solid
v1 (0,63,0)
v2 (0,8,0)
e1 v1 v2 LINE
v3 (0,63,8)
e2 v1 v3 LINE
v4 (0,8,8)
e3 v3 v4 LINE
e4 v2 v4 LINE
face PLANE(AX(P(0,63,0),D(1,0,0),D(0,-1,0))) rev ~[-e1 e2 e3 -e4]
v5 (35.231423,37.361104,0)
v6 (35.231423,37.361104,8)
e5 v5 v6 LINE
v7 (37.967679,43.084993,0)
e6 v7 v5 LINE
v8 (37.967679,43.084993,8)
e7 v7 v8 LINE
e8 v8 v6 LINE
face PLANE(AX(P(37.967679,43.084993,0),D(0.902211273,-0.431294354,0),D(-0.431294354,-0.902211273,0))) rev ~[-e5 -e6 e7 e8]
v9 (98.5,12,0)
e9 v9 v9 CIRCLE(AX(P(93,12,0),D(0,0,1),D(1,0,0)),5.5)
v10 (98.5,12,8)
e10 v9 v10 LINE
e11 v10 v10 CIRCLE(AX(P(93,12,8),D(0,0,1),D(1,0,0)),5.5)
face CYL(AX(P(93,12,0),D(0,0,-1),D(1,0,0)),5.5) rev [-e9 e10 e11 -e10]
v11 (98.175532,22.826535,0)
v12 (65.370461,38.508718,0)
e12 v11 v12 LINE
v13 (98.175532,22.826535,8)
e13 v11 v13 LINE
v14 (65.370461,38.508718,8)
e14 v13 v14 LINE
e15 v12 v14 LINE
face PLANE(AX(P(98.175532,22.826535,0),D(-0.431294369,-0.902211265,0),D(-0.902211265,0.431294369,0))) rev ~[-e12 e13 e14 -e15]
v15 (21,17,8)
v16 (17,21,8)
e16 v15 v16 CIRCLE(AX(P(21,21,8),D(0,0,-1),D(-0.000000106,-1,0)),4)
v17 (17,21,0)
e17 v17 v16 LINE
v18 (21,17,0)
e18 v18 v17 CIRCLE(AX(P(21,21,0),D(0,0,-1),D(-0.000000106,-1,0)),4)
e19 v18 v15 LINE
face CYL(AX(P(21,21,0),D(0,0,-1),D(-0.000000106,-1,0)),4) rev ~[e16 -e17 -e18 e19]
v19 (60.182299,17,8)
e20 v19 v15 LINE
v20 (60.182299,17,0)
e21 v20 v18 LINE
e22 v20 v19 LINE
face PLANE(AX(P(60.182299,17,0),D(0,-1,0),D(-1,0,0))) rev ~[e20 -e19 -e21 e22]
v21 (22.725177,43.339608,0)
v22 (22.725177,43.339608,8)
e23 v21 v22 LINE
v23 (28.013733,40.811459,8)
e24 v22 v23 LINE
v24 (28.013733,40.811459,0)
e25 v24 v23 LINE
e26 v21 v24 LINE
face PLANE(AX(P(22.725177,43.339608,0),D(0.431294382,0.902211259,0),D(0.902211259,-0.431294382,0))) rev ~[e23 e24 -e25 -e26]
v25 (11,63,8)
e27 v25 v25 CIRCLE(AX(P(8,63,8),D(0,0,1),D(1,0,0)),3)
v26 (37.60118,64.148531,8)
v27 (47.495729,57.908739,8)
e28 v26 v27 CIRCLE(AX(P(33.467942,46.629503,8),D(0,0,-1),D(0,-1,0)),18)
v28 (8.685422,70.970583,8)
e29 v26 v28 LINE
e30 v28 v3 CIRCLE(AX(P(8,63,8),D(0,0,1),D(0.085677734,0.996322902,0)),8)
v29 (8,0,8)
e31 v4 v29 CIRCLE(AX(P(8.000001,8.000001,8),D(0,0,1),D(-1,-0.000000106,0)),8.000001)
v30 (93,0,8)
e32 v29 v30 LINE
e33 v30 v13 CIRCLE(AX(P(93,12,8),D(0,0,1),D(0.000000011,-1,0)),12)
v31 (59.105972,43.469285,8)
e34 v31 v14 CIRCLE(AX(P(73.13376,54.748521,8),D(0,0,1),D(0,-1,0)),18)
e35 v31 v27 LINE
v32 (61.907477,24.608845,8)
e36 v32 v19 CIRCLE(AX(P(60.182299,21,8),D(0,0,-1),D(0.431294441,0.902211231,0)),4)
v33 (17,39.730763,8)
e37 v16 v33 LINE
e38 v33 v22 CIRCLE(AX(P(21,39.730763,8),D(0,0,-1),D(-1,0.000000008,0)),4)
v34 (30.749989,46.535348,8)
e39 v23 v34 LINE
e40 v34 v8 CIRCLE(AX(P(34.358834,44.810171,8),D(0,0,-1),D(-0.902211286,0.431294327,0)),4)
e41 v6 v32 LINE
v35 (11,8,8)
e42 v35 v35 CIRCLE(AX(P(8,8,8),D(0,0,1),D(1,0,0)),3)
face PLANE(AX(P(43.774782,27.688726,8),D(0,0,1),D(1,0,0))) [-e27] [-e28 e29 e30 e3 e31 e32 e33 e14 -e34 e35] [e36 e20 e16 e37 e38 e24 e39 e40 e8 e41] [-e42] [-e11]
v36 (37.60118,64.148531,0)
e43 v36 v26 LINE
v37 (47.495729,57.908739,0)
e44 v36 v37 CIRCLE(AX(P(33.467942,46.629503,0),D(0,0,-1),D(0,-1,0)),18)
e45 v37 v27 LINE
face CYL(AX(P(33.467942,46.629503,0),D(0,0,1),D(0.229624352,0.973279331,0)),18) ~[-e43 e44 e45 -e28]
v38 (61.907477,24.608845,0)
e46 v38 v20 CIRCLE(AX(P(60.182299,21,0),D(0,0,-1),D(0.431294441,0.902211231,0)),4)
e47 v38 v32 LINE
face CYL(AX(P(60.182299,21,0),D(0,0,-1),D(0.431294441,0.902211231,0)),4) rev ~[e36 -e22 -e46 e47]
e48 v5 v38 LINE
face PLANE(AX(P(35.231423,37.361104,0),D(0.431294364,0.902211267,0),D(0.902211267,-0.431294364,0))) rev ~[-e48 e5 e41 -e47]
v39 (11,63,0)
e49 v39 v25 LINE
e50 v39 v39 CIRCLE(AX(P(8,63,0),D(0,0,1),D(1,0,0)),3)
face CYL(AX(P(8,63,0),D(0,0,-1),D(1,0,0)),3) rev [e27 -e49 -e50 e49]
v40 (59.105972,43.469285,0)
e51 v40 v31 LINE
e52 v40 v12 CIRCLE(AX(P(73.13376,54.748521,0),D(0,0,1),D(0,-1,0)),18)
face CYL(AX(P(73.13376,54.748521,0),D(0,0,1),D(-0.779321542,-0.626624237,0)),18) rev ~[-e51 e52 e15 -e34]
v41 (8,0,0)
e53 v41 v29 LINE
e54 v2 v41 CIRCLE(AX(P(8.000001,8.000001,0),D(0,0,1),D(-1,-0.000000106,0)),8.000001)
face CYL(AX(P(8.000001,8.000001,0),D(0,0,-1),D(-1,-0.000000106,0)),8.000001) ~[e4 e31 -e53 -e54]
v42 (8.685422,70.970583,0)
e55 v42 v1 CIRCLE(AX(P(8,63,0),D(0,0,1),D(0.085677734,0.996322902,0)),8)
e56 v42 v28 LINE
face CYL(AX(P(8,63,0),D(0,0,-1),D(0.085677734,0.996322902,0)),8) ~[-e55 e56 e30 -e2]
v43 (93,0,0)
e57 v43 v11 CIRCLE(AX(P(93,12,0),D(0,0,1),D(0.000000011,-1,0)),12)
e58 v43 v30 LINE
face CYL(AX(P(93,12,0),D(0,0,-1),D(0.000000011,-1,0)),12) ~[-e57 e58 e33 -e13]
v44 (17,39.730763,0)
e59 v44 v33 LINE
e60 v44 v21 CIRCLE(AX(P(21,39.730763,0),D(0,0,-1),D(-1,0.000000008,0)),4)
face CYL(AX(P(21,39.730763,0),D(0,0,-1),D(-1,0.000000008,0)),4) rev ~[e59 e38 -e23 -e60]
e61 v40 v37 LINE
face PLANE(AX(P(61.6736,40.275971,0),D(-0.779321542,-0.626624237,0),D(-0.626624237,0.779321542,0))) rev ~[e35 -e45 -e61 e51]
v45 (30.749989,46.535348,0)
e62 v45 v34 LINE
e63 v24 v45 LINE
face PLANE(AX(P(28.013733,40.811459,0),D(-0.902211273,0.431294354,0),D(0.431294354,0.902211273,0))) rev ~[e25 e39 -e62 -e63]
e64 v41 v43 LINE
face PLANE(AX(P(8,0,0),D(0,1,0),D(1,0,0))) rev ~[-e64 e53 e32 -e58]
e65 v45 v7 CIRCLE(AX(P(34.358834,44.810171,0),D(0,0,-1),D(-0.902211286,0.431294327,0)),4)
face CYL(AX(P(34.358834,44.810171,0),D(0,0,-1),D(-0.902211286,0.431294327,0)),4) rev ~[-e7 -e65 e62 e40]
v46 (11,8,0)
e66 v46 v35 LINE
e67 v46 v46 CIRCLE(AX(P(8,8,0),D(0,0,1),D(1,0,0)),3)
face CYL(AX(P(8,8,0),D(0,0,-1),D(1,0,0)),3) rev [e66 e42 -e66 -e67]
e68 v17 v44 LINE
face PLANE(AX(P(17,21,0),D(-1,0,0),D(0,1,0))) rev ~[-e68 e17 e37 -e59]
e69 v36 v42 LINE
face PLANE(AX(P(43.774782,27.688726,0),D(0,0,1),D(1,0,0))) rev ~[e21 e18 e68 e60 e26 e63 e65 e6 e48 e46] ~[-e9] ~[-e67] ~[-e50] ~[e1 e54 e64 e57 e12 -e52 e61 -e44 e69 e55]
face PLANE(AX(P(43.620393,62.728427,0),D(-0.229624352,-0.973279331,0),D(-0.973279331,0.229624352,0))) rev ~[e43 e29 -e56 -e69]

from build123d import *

# Parameters (mm, degrees)
F0_R     = 3
F0_R_2   = 5.5
F1_DEPTH = 8
F2_R     = 18


with BuildPart() as f1:
    # F0 (on Top) → F1 (new body)
    with BuildSketch(Plane.XY):
        with BuildLine():
            ThreePointArc((8.685422, 70.970583), (2.590905, 68.894208), (0, 63))
            Line((0, 63), (0, 8))
            ThreePointArc((0, 8), (2.343146, 2.343146), (8, 0))
            Line((8, 0), (93, 0))
            ThreePointArc((93, 0), (104.702957, 9.346551), (98.175532, 22.826535))
            Line((98.175532, 22.826535), (61.6736, 40.275971))
            Line((61.6736, 40.275971), (43.620393, 62.728427))
            Line((43.620393, 62.728427), (8.685422, 70.970583))
        make_face()
        with Locations((8, 8)):
            Circle(F0_R, mode=Mode.SUBTRACT)
        with BuildLine():
            Line((17, 21), (17, 39.730763))
            ThreePointArc((17, 39.730763), (18.86701, 43.1146), (22.725177, 43.339608))
            Line((22.725177, 43.339608), (28.013733, 40.811459))
            Line((28.013733, 40.811459), (30.749989, 46.535348))
            ThreePointArc((30.749989, 46.535348), (36.084011, 48.419016), (37.967679, 43.084993))
            Line((37.967679, 43.084993), (35.231423, 37.361104))
            Line((35.231423, 37.361104), (61.907477, 24.608845))
            ThreePointArc((61.907477, 24.608845), (64.083285, 20.115517), (60.182299, 17))
            Line((60.182299, 17), (21, 17))
            ThreePointArc((21, 17), (18.171573, 18.171573), (17, 21))
        make_face(mode=Mode.SUBTRACT)
        with Locations((93, 12)):
            Circle(F0_R_2, mode=Mode.SUBTRACT)
        with Locations((8, 63)):
            Circle(F0_R, mode=Mode.SUBTRACT)
    extrude(amount=F1_DEPTH)

    # F2
    f2_edges = [f1.edges().sort_by_distance(p)[0] for p in [
        (43.620393, 62.728427, 4),
        (61.6736, 40.275971, 4),
    ]]
    fillet(f2_edges, radius=F2_R)


solid = f1.part
